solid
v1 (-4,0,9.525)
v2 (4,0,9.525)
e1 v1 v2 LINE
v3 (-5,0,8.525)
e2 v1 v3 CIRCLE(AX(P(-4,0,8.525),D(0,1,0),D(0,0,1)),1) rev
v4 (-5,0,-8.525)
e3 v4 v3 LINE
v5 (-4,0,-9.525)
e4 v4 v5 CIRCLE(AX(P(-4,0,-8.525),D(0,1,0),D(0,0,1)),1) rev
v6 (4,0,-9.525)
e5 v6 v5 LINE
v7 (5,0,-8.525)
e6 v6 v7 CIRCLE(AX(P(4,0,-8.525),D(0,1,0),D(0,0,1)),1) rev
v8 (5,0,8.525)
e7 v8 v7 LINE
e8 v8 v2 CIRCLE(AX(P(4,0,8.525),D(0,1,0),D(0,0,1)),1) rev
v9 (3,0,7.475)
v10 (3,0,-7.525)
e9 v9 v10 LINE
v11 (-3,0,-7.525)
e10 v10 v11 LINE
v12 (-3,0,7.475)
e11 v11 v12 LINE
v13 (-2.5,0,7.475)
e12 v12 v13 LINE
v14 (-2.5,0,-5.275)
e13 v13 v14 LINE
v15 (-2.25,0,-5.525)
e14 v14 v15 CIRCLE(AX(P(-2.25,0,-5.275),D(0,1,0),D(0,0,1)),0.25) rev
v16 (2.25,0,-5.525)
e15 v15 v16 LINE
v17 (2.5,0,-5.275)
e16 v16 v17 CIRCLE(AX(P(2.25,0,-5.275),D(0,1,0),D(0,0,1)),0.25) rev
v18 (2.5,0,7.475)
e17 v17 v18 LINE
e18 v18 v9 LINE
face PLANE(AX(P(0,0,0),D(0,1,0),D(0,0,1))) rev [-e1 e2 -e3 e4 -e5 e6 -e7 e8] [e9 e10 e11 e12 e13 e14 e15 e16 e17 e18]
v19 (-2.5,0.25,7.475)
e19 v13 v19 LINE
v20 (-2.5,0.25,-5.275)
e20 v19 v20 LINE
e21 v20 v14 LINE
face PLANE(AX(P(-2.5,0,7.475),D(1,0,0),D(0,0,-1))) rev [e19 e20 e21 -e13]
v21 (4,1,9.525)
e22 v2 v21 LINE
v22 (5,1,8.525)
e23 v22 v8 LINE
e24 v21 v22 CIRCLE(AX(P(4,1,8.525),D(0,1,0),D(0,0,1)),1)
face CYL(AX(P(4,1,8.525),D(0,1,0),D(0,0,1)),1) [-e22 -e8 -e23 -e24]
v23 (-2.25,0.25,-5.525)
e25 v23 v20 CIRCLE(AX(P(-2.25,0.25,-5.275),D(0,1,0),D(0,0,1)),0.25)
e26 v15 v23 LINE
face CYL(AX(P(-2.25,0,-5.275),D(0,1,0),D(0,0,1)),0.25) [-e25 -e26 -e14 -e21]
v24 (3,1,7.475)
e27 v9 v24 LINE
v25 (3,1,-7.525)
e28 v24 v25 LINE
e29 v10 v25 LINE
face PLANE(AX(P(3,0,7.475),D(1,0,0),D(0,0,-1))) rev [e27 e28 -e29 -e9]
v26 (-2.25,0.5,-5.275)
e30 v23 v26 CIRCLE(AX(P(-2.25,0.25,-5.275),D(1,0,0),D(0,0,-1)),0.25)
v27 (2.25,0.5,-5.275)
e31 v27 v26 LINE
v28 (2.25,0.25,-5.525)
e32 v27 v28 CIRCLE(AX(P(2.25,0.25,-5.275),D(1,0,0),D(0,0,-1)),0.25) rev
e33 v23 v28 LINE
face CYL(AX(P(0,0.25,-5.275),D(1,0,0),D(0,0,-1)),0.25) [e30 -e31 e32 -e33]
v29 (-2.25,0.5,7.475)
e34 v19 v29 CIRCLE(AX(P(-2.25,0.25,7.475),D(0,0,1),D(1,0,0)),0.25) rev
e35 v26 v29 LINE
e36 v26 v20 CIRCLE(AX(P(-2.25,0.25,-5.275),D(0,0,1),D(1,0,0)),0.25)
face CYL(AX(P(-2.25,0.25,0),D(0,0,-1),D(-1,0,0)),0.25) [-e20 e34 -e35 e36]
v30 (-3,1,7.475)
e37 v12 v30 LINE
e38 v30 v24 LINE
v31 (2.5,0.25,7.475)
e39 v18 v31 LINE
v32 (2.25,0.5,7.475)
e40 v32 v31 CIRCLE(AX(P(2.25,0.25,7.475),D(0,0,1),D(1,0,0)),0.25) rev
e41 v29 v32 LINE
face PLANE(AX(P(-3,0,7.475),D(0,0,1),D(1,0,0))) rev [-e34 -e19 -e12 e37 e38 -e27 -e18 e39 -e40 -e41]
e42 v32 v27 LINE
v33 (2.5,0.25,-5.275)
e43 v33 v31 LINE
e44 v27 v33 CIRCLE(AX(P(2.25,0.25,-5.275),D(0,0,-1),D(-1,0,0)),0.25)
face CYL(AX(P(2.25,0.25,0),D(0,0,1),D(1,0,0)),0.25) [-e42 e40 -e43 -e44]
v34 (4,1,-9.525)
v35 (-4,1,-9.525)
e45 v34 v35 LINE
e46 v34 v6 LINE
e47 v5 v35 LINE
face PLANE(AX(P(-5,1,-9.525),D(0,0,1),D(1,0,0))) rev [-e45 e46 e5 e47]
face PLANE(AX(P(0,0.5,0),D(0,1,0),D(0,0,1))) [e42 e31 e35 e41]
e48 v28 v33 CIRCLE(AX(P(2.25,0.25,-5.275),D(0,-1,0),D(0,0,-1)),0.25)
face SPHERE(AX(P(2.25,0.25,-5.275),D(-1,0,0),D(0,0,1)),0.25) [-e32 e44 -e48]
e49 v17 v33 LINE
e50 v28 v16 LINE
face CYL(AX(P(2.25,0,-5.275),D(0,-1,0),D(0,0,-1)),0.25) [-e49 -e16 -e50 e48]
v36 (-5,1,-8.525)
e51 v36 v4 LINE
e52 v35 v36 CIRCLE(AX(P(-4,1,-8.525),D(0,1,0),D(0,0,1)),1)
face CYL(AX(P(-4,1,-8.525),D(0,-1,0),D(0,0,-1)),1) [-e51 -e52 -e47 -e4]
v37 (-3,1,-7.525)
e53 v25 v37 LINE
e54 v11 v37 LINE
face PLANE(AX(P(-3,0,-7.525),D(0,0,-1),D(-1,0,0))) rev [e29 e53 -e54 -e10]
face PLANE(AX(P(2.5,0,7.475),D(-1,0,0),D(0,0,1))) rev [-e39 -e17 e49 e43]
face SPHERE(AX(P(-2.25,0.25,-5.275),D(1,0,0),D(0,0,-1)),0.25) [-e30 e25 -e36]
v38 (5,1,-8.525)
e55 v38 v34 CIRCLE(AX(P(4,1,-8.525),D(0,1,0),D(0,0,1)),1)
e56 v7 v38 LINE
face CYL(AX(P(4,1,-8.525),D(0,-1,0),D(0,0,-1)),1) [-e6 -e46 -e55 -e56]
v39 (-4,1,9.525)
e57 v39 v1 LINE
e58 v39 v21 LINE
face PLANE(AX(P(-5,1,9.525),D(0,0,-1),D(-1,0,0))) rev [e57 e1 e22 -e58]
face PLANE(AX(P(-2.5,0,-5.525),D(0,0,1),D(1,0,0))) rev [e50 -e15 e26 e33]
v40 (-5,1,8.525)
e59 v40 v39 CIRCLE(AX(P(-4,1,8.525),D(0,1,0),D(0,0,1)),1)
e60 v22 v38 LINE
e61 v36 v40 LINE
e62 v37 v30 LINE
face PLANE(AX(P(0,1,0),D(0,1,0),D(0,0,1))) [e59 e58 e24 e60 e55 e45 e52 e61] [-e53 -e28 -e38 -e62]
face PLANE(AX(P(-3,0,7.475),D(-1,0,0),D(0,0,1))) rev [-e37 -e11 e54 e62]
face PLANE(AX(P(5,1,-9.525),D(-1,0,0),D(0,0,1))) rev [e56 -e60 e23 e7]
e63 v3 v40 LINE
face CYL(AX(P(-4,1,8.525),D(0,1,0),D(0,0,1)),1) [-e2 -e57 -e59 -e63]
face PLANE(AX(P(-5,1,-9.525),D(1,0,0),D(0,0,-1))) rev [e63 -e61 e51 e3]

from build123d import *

# Parameters (mm, degrees)
SKETCH1_W               = 10
SKETCH1_H               = 19.05
BOSS_EXTRUDE1_DEPTH     = 1
SKETCH2_W               = 0.5
SKETCH2_H               = 15
CUT_EXTRUDE1_DEPTH      = 1
CUT_EXTRUDE1_DEPTH_BACK = 2
SKETCH3_W               = 0.5
SKETCH3_H               = 15
CUT_EXTRUDE2_DEPTH      = 2
SKETCH4_W               = 5
SKETCH4_H               = 2
CUT_EXTRUDE3_DEPTH      = 2
SKETCH5_W               = 5
SKETCH5_H               = 13
CUT_EXTRUDE4_DEPTH      = 0.5
FILLET9_R               = 0.25
FILLET10_R              = 0.25
FILLET11_R              = 0.25
FILLET13_R              = 1
FILLET14_R              = 1
FILLET15_R              = 1
FILLET16_R              = 1


with BuildPart() as part:
    # Sketch1 → Boss-Extrude1 (new body)
    with BuildSketch(Plane(origin=(0, 0, 0), x_dir=(1, 0, 0), z_dir=(0, 1, 0))):
        Rectangle(SKETCH1_W, SKETCH1_H)
    extrude(amount=BOSS_EXTRUDE1_DEPTH)

    # Sketch2 → Cut-Extrude1 (cut, two sides)
    with BuildSketch(Plane(origin=(0, 1, 0), x_dir=(1, 0, 0), z_dir=(0, 1, 0))) as cut_extrude1_sk:
        with Locations((-2.75, 0.025)):
            Rectangle(SKETCH2_W, SKETCH2_H)
    extrude(amount=CUT_EXTRUDE1_DEPTH, mode=Mode.SUBTRACT)
    extrude(cut_extrude1_sk.sketch, amount=-CUT_EXTRUDE1_DEPTH_BACK, mode=Mode.SUBTRACT)

    # Sketch3 → Cut-Extrude2 (cut, through all)
    with BuildSketch(Plane(origin=(0, 1, 0), x_dir=(1, 0, 0), z_dir=(0, 1, 0))):
        with Locations((2.75, 0.025)):
            Rectangle(SKETCH3_W, SKETCH3_H)
    extrude(amount=-CUT_EXTRUDE2_DEPTH, mode=Mode.SUBTRACT)

    # Sketch4 → Cut-Extrude3 (cut, through all)
    with BuildSketch(Plane(origin=(0, 1, 0), x_dir=(1, 0, 0), z_dir=(0, 1, 0))):
        with Locations((0, 6.525)):
            Rectangle(SKETCH4_W, SKETCH4_H)
    extrude(amount=-CUT_EXTRUDE3_DEPTH, mode=Mode.SUBTRACT)

    # Sketch5 → Cut-Extrude4 (cut)
    with BuildSketch(Plane(origin=(0, 1, 0), x_dir=(1, 0, 0), z_dir=(0, 1, 0))):
        with Locations((0, -0.975)):
            Rectangle(SKETCH5_W, SKETCH5_H)
    extrude(amount=-CUT_EXTRUDE4_DEPTH, mode=Mode.SUBTRACT)

    # Fillet9
    fillet9_edges = [part.edges().sort_by_distance(p)[0] for p in [
        (0, 0.5, -5.525),
    ]]
    fillet(fillet9_edges, radius=FILLET9_R)

    # Fillet10
    fillet10_edges = [part.edges().sort_by_distance(p)[0] for p in [
        (-2.5, 0.125, -5.525),
        (-2.5, 0.5, 1.1),
    ]]
    fillet(fillet10_edges, radius=FILLET10_R)

    # Fillet11
    fillet11_edges = [part.edges().sort_by_distance(p)[0] for p in [
        (2.5, 0.125, -5.525),
        (2.5, 0.5, 1.1),
    ]]
    fillet(fillet11_edges, radius=FILLET11_R)

    # Fillet13
    fillet13_edges = [part.edges().sort_by_distance(p)[0] for p in [
        (-5, 0.5, -9.525),
    ]]
    fillet(fillet13_edges, radius=FILLET13_R)

    # Fillet14
    fillet14_edges = [part.edges().sort_by_distance(p)[0] for p in [
        (5, 0.5, -9.525),
    ]]
    fillet(fillet14_edges, radius=FILLET14_R)

    # Fillet15
    fillet15_edges = [part.edges().sort_by_distance(p)[0] for p in [
        (5, 0.5, 9.525),
    ]]
    fillet(fillet15_edges, radius=FILLET15_R)

    # Fillet16
    fillet16_edges = [part.edges().sort_by_distance(p)[0] for p in [
        (-5, 0.5, 9.525),
    ]]
    fillet(fillet16_edges, radius=FILLET16_R)


solid = part.part
